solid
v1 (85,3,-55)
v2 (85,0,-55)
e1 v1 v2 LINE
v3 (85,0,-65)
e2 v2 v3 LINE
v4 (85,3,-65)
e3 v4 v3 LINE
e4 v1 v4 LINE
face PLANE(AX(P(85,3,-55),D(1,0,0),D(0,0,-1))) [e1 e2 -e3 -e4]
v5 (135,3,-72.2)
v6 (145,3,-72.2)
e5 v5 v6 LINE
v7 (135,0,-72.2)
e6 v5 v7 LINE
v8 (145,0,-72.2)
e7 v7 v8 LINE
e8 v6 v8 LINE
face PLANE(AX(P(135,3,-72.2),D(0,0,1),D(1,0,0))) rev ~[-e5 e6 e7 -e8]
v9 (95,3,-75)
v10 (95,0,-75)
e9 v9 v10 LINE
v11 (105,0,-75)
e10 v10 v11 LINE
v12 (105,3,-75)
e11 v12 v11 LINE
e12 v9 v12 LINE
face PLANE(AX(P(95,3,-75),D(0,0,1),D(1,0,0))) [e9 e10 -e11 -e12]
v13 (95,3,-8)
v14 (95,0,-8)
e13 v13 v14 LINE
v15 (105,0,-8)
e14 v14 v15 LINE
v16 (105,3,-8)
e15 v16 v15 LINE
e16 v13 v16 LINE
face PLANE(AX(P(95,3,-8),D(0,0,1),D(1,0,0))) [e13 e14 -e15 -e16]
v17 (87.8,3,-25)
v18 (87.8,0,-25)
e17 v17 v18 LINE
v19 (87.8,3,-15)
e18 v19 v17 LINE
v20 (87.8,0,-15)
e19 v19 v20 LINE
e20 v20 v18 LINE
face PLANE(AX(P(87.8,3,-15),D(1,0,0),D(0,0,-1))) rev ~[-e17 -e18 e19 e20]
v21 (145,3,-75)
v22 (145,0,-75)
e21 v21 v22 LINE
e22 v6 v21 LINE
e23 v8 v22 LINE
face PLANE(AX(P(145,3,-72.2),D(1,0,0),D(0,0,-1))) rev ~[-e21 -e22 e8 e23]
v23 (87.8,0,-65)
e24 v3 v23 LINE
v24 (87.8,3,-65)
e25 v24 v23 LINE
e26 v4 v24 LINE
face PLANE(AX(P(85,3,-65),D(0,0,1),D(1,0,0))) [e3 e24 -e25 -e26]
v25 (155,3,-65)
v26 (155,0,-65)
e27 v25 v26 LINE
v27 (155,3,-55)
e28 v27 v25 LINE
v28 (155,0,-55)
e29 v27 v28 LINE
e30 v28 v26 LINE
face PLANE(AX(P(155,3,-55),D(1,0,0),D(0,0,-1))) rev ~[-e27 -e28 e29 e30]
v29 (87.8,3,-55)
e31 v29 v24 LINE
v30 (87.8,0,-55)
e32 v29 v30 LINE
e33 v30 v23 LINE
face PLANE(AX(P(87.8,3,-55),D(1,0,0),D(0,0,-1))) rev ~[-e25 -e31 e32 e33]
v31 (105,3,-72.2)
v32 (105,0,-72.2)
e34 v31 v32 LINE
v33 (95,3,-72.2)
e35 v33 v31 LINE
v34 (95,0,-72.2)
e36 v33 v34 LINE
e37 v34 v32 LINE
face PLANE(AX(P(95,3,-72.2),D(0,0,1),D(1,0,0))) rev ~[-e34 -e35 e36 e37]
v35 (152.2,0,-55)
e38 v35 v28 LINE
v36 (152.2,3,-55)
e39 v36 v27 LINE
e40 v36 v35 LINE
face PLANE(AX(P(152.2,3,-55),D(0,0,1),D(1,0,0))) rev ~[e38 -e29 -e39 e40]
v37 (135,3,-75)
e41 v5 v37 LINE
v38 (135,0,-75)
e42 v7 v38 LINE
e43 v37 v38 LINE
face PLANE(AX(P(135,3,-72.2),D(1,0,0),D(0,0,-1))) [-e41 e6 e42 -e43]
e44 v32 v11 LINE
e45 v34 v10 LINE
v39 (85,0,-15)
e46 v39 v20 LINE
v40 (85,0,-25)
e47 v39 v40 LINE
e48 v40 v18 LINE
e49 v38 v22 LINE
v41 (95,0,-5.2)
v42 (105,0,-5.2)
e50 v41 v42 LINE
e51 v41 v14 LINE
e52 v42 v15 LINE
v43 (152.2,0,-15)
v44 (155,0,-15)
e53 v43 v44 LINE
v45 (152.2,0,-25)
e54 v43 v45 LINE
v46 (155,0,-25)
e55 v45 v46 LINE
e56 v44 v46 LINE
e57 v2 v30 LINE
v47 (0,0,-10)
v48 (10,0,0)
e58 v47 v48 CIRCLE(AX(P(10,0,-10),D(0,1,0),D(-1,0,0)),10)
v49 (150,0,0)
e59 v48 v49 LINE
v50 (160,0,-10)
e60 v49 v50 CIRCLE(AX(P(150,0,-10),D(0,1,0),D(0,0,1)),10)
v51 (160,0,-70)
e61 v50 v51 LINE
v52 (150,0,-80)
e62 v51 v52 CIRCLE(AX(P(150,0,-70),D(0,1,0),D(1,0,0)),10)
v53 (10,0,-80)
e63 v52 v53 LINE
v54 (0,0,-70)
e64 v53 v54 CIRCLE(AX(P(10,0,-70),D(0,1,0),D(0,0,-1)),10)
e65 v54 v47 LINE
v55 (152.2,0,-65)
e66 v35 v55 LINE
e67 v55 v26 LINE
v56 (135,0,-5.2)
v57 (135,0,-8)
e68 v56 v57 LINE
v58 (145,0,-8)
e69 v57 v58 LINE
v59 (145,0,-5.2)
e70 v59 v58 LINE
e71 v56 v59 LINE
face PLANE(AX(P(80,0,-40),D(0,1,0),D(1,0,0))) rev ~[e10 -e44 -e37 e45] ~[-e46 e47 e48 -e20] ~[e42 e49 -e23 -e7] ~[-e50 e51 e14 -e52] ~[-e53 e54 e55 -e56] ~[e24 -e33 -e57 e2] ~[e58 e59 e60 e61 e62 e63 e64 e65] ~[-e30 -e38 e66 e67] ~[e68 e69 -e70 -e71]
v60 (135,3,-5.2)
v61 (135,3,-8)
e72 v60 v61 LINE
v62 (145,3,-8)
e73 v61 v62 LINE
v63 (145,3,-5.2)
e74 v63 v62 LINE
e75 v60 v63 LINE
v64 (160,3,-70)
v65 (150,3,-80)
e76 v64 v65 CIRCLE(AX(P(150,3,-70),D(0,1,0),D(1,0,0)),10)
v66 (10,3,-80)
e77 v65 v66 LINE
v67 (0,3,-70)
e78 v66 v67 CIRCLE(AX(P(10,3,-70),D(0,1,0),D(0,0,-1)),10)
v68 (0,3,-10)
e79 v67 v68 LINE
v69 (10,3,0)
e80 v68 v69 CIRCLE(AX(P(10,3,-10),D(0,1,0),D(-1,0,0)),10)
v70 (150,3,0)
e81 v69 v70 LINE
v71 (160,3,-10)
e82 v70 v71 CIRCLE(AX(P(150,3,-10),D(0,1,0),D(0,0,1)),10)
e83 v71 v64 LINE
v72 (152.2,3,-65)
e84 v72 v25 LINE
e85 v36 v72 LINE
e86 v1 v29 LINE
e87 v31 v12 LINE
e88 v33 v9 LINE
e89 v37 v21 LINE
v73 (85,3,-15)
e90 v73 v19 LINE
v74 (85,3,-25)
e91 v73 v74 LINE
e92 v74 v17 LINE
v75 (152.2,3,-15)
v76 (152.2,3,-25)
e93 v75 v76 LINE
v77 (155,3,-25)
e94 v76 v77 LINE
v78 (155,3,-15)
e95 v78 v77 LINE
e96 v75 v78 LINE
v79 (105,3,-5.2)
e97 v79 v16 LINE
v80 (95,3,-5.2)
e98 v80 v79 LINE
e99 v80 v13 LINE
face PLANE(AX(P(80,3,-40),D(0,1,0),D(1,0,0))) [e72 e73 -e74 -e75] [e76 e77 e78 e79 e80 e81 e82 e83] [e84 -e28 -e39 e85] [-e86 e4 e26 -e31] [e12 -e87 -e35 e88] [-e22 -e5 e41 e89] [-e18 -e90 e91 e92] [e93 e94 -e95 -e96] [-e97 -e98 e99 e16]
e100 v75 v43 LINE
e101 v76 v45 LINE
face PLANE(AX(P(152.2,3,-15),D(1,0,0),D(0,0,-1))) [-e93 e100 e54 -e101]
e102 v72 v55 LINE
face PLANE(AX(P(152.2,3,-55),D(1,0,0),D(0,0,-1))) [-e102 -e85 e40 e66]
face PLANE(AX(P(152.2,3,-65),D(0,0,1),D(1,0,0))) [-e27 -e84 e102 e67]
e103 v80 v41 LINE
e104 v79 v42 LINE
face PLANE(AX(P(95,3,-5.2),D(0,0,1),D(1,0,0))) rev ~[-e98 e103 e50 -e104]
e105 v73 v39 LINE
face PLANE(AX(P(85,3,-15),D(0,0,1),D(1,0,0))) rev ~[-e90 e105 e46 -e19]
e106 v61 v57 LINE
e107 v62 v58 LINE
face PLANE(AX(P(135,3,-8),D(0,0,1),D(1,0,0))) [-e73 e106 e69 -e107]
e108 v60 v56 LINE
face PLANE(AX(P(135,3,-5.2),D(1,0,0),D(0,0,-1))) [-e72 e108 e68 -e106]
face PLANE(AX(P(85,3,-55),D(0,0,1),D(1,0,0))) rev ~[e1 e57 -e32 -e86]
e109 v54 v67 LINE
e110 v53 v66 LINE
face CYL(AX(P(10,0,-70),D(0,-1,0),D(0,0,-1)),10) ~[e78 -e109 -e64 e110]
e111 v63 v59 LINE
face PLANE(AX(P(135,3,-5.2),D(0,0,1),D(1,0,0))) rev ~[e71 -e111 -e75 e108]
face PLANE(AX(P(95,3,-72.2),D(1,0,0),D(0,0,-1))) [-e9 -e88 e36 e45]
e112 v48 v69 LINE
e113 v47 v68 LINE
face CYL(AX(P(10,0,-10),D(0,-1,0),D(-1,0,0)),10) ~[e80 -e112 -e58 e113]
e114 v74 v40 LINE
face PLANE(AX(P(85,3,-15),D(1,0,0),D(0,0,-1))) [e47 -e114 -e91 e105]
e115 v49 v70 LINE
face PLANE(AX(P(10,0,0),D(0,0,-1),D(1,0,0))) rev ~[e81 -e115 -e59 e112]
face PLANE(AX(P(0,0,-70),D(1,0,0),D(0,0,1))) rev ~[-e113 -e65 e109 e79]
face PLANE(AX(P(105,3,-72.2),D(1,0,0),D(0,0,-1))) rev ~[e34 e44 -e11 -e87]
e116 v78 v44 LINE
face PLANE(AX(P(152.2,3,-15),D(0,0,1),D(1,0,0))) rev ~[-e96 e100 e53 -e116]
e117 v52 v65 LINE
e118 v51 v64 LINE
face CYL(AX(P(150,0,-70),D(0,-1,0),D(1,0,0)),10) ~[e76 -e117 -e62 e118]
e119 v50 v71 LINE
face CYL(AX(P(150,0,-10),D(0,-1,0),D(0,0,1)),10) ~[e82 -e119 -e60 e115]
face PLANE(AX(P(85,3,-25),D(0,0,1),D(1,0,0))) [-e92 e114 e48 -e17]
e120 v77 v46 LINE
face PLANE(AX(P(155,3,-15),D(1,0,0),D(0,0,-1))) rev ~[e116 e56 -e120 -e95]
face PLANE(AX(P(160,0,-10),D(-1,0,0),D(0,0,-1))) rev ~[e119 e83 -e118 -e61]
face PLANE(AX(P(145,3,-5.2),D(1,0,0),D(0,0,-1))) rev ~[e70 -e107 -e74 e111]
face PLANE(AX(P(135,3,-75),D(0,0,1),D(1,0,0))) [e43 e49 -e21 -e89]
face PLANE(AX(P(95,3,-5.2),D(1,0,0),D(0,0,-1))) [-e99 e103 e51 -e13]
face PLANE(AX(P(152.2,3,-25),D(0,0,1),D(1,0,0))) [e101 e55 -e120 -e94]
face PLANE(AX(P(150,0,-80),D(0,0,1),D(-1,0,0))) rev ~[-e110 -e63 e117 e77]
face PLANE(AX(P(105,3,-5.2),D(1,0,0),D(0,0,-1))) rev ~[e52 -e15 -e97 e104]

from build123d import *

# Parameters (mm, degrees)
BOSS_EXTRU_1_DEPTH      = 3
ESQUISSE4_W             = 10
ESQUISSE4_H             = 2.8
ENL_V_MAT_EXTRU_2_DEPTH = 179.910592196
ESQUISSE5_W             = 2.8
ESQUISSE5_H             = 10
ENL_V_MAT_EXTRU_3_DEPTH = 179.910592196


with BuildPart() as part:
    # Esquisse2 → Boss.-Extru.1 (new body)
    with BuildSketch(Plane(origin=(0, 0, 0), x_dir=(1, 0, 0), z_dir=(0, 1, 0))):
        with BuildLine():
            Line((10, 0), (150, 0))
            ThreePointArc((150, 0), (157.071067812, 2.928932188), (160, 10))
            Line((160, 10), (160, 70))
            ThreePointArc((160, 70), (157.071067812, 77.071067812), (150, 80))
            Line((150, 80), (10, 80))
            ThreePointArc((10, 80), (2.928932188, 77.071067812), (0, 70))
            Line((0, 70), (0, 10))
            ThreePointArc((0, 10), (2.928932188, 2.928932188), (10, 0))
        make_face()
    extrude(amount=BOSS_EXTRU_1_DEPTH)

    # Esquisse4 → Enlèv. mat.-Extru.2 (cut, through all)
    with BuildSketch(Plane(origin=(0, 3, 0), x_dir=(1, 0, 0), z_dir=(0, 1, 0))):
        with Locations((140, 73.6)):
            Rectangle(ESQUISSE4_W, ESQUISSE4_H)
        with Locations((100, 73.6)):
            Rectangle(ESQUISSE4_W, ESQUISSE4_H)
        with Locations((100, 6.6)):
            Rectangle(ESQUISSE4_W, ESQUISSE4_H)
        with Locations((140, 6.6)):
            Rectangle(ESQUISSE4_W, ESQUISSE4_H)
    extrude(amount=-ENL_V_MAT_EXTRU_2_DEPTH, mode=Mode.SUBTRACT)

    # Esquisse5 → Enlèv. mat.-Extru.3 (cut, through all)
    with BuildSketch(Plane(origin=(0, 3, 0), x_dir=(1, 0, 0), z_dir=(0, 1, 0))):
        with Locations((153.6, 60)):
            Rectangle(ESQUISSE5_W, ESQUISSE5_H)
        with Locations((86.4, 60)):
            Rectangle(ESQUISSE5_W, ESQUISSE5_H)
        with Locations((86.4, 20)):
            Rectangle(ESQUISSE5_W, ESQUISSE5_H)
        with Locations((153.6, 20)):
            Rectangle(ESQUISSE5_W, ESQUISSE5_H)
    extrude(amount=-ENL_V_MAT_EXTRU_3_DEPTH, mode=Mode.SUBTRACT)


solid = part.part
